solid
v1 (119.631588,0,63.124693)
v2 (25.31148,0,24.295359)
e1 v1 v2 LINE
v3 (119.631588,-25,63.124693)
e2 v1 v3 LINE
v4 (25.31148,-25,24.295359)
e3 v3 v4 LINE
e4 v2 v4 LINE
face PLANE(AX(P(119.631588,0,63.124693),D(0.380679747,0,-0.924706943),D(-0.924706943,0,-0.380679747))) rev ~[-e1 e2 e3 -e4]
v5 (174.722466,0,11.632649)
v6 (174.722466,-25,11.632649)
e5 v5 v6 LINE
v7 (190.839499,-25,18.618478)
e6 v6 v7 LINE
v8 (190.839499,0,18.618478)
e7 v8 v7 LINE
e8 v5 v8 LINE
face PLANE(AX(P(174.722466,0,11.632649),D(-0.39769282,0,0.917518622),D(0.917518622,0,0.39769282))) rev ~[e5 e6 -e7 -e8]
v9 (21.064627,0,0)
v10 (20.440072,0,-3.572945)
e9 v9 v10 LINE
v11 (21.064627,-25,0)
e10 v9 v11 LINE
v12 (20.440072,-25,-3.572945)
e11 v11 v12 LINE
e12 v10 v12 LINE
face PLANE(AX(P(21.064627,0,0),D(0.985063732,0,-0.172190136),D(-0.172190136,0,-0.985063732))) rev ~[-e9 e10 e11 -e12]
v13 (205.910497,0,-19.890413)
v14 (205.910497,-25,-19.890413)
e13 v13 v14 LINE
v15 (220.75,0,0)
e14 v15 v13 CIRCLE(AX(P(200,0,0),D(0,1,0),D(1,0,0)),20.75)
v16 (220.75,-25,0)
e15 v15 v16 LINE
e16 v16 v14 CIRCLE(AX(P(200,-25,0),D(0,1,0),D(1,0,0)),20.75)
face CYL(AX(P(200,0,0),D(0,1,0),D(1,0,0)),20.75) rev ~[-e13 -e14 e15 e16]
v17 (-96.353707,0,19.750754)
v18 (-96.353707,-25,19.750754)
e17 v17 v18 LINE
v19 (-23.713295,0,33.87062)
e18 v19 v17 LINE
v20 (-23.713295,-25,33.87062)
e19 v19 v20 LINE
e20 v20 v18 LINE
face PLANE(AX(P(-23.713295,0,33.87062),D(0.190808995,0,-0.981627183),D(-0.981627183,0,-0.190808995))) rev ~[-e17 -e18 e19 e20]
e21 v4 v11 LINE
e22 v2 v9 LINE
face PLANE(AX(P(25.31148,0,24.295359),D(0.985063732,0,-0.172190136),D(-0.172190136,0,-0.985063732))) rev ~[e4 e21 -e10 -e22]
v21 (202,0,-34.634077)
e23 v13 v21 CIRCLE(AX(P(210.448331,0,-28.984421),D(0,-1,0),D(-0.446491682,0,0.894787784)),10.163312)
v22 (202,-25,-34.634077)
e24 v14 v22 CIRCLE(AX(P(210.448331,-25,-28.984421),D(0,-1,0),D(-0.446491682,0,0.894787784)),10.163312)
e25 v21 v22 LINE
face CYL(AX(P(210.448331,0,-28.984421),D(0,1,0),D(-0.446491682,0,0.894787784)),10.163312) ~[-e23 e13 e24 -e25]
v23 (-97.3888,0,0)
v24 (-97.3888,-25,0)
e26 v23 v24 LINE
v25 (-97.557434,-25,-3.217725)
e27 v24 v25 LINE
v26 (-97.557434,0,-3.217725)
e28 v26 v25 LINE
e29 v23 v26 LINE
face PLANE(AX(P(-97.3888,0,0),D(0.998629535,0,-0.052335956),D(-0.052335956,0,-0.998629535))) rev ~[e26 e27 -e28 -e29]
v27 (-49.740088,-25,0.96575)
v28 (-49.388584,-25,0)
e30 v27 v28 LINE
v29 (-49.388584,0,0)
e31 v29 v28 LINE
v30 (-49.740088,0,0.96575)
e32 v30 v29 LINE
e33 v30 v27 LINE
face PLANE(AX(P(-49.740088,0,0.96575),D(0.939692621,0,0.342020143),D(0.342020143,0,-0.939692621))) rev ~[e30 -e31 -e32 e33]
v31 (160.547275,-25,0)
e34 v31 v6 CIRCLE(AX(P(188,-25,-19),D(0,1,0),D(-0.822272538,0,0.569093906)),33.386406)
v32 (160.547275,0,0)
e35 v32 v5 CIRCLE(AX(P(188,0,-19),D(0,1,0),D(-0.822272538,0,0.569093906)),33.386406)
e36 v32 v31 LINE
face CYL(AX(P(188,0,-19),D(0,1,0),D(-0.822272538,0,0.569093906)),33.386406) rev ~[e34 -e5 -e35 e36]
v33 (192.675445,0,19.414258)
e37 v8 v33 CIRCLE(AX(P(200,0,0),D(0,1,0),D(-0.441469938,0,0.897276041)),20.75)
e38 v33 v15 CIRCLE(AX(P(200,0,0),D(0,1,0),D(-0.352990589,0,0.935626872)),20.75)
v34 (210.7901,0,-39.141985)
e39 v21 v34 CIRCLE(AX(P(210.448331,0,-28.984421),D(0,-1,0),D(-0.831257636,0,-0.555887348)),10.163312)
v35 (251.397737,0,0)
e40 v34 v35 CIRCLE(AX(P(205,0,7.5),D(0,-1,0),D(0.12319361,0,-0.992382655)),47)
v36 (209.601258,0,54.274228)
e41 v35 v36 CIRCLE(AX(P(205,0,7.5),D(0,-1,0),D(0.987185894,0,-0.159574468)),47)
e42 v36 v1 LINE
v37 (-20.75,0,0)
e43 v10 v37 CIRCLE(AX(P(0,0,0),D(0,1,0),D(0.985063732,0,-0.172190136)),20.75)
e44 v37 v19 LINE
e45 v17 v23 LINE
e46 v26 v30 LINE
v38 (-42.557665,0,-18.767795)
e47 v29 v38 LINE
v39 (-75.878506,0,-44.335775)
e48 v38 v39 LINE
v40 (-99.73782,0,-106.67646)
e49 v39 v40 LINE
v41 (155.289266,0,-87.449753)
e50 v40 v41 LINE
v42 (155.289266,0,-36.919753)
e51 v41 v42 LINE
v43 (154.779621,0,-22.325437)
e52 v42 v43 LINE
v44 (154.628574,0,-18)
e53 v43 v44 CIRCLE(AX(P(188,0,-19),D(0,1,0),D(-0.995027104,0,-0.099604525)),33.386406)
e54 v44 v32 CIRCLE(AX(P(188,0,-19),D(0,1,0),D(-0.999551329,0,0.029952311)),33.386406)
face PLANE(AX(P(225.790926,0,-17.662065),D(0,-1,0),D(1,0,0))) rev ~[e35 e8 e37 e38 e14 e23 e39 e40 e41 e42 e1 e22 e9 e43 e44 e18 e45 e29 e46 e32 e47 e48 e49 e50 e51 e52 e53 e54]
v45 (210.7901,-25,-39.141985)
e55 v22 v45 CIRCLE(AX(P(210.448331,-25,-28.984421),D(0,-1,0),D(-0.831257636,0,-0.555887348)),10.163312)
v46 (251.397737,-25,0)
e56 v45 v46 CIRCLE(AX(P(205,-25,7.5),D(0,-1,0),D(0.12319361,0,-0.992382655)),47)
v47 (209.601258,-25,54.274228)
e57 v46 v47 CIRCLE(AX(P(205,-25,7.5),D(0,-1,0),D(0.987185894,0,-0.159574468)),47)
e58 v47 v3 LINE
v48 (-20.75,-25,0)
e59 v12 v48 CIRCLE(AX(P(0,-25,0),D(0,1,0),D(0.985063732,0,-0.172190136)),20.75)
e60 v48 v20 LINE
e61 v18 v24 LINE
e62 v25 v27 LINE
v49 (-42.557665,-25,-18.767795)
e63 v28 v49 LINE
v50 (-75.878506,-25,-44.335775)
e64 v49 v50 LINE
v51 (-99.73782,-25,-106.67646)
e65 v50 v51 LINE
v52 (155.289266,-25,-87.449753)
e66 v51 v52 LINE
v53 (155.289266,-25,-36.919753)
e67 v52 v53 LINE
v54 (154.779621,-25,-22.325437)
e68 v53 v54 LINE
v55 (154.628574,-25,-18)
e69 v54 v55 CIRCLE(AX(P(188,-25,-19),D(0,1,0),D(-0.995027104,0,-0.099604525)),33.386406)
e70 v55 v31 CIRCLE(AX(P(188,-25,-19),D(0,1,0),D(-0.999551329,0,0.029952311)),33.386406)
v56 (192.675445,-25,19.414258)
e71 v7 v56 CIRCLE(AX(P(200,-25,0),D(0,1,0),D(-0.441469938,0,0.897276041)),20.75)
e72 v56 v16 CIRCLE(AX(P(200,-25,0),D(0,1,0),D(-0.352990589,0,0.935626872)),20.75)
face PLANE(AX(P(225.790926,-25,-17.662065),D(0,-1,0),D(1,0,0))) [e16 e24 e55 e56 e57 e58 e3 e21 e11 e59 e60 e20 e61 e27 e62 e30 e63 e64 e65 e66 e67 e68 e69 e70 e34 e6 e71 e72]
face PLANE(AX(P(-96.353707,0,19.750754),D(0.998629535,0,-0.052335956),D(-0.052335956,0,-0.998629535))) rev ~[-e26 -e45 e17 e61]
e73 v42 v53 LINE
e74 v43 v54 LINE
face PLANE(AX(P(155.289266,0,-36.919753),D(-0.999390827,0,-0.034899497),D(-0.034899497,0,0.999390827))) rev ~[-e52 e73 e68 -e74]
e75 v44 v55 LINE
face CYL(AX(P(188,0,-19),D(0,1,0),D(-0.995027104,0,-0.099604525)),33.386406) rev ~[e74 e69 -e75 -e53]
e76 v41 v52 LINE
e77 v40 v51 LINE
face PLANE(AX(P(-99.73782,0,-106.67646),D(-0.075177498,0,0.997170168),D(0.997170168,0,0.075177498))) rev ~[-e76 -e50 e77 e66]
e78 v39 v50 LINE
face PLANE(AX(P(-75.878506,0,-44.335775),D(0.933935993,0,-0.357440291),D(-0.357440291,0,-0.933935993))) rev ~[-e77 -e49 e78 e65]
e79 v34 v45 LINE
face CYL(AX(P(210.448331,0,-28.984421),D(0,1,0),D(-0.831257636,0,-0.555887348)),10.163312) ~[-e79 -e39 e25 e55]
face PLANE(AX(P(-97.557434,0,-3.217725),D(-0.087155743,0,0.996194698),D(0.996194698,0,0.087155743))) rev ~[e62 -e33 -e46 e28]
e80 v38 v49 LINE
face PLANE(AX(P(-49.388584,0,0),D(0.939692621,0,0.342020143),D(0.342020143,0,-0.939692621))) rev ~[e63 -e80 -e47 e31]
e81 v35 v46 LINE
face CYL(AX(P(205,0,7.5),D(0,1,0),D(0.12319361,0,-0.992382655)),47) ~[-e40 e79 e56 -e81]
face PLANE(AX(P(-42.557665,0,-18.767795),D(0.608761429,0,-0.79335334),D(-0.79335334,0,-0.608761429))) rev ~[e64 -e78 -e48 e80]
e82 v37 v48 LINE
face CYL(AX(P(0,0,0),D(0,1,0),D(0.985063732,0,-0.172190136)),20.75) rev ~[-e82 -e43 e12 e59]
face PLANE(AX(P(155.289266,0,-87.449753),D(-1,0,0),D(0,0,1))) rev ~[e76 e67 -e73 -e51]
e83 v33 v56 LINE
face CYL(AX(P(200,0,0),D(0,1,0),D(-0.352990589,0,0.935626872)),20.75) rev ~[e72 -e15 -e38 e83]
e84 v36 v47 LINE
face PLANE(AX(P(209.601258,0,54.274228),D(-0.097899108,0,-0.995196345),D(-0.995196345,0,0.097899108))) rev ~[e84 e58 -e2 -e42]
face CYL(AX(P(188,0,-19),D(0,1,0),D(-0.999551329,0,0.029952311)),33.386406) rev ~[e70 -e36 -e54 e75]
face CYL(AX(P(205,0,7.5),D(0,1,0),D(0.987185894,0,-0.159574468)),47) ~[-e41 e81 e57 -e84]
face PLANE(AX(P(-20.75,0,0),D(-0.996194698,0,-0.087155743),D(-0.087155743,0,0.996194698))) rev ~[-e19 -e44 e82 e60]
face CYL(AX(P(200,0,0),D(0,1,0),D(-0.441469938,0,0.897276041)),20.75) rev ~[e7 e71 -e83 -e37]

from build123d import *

# Parameters (mm, degrees)
F1_DEPTH = 25


with BuildPart() as f1:
    # F0 (on Front) → F1 (new body)
    with BuildSketch(Plane.XZ):
        with BuildLine():
            ThreePointArc((210.7900996534, -39.1419847991), (237.6177301096, -26.3390851309), (251.3977370138, 0))
            Line((251.3977370138, 0), (220.75, 0))
            ThreePointArc((220.75, 0), (216.6313755102, -12.4080557961), (205.9104965167, -19.8904130406))
            ThreePointArc((205.9104965167, -19.8904130406), (203.7307412614, -21.3576975777), (202, -23.3347639831))
            Line((202, -23.3347639831), (202, -34.6340773268))
            ThreePointArc((202, -34.6340773268), (205.8105086824, -38.0278448107), (210.7900996534, -39.1419847991))
        make_face()
        with BuildLine():
            ThreePointArc((202, -23.3347639831), (200.2850186662, -28.984420655), (202, -34.6340773268))
            Line((202, -34.6340773268), (202, -23.3347639831))
        make_face()
        with BuildLine():
            Line((25.3114801989, 24.2953589364), (21.0646269025, 0))
            Line((21.0646269025, 0), (154, 0))
            Line((154, 0), (160.5472754862, 0))
            ThreePointArc((160.5472754862, 0), (166.8205732831, 6.8086025808), (174.7224661833, 11.6326489056))
            Line((174.7224661833, 11.6326489056), (190.8394987814, 18.6184778493))
            ThreePointArc((190.8394987814, 18.6184778493), (191.7478739862, 19.038511398), (192.6754452712, 19.4142575966))
            ThreePointArc((192.6754452712, 19.4142575966), (211.8020758636, 17.0667368091), (220.75, 0))
            Line((220.75, 0), (251.3977370138, 0))
            ThreePointArc((251.3977370138, 0), (242.2377138986, 36.1766919921), (209.6012580564, 54.2742282063))
            Line((209.6012580564, 54.2742282063), (119.6315883608, 63.1246931609))
            Line((119.6315883608, 63.1246931609), (25.3114801989, 24.2953589364))
        make_face()
        with BuildLine():
            ThreePointArc((20.4400724491, -3.5729453221), (-1.7931810673, -20.6723729083), (-20.75, 0))
            Line((-20.75, 0), (-49.3885839036, 0))
            Line((-49.3885839036, 0), (-42.5576653039, -18.7677946067))
            Line((-42.5576653039, -18.7677946067), (-75.8785055961, -44.3357746251))
            Line((-75.8785055961, -44.3357746251), (-99.7378202288, -106.6764599215))
            Line((-99.7378202288, -106.6764599215), (155.289266195, -87.449753308))
            Line((155.289266195, -87.449753308), (155.289266195, -36.919753308))
            Line((155.289266195, -36.919753308), (154.7796214415, -22.3254370622))
            ThreePointArc((154.7796214415, -22.3254370622), (154.6339324313, -20.1651687544), (154.6285738509, -18))
            ThreePointArc((154.6285738509, -18), (156.2841628525, -8.5713012671), (160.5472754862, 0))
            Line((160.5472754862, 0), (154, 0))
            Line((154, 0), (21.0646269025, 0))
            Line((21.0646269025, 0), (20.4400724491, -3.5729453221))
        make_face()
        Polygon((-49.3885839036, 0), (-20.75, 0), (-23.7132952534, 33.8706197351), (-96.3537068285, 19.7507540773), (-97.3887999889, 0), (-60.7786662376, 0), (-49.7400883137, 0.9657504298), align=None)
        Polygon((-97.5574338221, -3.2177252221), (-60.7786662376, 0), (-97.3887999889, 0), align=None)
    extrude(amount=F1_DEPTH)


solid = f1.part
